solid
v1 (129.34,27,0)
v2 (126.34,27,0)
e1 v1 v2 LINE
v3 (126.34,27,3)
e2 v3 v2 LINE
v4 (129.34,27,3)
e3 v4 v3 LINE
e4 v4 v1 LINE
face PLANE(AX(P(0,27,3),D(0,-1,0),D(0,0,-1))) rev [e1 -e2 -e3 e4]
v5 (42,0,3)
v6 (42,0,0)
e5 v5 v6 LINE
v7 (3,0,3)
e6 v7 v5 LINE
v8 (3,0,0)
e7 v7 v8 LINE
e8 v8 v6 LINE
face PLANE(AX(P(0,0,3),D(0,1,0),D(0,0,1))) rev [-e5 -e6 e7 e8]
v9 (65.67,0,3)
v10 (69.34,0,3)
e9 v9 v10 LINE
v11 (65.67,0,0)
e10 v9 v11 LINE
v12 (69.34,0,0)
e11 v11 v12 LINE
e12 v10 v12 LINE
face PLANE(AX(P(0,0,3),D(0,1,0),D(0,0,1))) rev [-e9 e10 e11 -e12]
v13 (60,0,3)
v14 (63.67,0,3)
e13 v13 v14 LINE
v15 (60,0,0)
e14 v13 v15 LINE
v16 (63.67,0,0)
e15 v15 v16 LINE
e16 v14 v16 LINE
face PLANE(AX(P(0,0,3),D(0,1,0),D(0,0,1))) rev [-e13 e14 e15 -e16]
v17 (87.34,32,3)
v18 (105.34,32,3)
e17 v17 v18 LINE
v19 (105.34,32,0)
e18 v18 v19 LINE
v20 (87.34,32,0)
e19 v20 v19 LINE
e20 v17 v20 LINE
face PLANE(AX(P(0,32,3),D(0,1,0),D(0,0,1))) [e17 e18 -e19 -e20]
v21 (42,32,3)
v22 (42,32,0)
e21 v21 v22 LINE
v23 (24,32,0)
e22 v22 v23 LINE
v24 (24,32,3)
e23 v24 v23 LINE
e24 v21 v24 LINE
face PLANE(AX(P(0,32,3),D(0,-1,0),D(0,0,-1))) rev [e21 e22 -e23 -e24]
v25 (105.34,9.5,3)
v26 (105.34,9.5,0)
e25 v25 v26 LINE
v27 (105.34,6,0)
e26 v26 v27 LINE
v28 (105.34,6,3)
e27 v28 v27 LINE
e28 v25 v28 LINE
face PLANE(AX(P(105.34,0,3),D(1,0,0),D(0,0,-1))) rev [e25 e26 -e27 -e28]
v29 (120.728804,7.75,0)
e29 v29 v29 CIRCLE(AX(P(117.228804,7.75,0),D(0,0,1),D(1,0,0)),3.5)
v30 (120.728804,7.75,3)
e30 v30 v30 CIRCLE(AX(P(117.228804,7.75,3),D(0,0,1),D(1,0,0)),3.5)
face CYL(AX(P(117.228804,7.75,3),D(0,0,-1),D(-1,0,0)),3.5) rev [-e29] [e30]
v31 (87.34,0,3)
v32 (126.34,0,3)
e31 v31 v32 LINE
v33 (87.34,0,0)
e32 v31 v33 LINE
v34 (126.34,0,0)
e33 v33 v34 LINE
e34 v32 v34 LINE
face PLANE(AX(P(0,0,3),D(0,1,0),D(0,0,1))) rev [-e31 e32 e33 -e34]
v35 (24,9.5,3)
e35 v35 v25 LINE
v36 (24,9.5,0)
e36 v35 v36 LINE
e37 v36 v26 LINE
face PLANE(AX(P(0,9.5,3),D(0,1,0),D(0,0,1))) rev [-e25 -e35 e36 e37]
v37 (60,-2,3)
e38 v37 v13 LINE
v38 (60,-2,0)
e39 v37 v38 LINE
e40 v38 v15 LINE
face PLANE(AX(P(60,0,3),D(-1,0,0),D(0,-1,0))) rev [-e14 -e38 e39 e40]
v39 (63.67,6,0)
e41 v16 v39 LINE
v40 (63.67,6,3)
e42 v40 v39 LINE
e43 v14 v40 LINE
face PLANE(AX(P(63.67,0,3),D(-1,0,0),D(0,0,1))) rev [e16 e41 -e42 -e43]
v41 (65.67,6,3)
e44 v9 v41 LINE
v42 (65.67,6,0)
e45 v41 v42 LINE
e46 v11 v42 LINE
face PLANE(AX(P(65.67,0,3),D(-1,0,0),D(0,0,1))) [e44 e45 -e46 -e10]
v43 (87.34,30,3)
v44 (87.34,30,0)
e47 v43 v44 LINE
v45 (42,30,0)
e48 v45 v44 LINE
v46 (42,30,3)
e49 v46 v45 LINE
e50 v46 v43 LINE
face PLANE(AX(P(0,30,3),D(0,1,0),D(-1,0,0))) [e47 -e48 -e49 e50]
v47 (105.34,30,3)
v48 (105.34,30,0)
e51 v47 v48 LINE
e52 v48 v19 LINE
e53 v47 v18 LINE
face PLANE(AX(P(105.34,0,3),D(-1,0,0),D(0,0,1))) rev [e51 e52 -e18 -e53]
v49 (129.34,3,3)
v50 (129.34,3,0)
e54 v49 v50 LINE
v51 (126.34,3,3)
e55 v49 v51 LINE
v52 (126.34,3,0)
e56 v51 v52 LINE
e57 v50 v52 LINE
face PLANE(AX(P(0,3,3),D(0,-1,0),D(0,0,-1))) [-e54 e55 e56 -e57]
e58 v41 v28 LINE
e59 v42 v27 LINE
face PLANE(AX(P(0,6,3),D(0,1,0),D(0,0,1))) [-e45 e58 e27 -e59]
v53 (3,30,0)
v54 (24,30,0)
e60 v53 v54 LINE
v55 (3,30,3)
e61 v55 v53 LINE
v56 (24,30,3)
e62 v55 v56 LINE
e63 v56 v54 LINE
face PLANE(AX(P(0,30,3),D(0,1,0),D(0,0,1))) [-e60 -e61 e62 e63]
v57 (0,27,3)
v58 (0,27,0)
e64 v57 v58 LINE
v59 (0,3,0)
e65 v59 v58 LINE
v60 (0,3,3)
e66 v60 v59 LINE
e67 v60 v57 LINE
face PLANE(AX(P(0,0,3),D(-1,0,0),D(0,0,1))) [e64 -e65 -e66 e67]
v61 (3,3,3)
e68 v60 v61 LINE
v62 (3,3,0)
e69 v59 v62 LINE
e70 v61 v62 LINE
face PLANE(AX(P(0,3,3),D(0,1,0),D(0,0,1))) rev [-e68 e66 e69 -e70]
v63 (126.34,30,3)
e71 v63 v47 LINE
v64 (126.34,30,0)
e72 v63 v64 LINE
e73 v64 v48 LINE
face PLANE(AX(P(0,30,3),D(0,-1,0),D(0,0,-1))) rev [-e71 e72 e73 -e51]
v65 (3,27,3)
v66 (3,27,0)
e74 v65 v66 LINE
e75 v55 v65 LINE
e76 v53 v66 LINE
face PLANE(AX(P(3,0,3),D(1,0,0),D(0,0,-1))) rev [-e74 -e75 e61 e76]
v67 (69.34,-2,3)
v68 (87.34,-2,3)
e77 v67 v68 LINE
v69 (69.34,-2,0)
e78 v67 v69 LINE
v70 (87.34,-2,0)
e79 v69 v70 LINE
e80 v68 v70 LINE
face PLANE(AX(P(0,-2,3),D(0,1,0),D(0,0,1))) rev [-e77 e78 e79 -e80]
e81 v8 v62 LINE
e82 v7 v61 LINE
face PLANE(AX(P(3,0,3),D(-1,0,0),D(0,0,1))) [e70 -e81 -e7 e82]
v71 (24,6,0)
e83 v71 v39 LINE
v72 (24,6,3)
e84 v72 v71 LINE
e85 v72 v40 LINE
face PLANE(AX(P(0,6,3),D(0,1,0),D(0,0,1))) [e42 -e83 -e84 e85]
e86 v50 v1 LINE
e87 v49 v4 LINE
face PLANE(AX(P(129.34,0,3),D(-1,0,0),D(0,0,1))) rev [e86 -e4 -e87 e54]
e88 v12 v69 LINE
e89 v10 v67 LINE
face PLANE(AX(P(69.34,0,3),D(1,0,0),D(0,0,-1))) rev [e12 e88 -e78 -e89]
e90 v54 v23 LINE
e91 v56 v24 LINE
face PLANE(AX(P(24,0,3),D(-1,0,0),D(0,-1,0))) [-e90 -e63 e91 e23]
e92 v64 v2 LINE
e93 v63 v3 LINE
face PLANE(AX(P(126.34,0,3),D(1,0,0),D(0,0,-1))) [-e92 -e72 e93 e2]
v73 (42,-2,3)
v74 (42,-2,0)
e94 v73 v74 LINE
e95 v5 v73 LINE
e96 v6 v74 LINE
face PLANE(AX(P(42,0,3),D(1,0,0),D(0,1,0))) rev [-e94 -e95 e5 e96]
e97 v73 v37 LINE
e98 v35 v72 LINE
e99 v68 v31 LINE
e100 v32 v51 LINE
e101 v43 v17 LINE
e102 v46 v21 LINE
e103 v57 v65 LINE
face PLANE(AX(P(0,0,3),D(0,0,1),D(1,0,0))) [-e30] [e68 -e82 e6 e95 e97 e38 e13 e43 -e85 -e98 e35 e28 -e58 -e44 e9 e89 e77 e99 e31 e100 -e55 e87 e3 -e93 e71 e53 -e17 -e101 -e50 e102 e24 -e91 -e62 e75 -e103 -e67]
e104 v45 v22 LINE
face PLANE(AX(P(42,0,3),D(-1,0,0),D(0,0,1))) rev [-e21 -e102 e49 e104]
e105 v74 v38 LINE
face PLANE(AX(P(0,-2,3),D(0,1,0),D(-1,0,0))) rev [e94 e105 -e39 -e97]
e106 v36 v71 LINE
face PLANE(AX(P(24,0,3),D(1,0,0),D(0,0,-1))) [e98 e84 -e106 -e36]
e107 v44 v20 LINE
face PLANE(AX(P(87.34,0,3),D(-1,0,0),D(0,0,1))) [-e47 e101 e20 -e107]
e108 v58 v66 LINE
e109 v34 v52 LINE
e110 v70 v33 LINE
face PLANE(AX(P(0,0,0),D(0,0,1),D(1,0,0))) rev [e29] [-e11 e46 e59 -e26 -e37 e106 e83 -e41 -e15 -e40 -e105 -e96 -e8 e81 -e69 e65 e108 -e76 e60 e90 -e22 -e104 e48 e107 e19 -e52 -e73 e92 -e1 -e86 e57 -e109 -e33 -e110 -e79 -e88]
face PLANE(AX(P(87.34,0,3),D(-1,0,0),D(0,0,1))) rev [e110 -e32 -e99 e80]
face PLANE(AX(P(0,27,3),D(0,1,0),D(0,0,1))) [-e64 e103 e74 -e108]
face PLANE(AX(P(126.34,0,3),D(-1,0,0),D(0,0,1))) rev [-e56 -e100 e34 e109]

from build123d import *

# Parameters (mm, degrees)
SKETCH1_R           = 3.5
BOSS_EXTRUDE3_DEPTH = 3


with BuildPart() as part:
    # Sketch1 → Boss-Extrude3 (new body)
    with BuildSketch(Plane.XY):
        Polygon((3, 3), (3, 0), (42, 0), (42, -2), (60, -2), (60, 0), (63.67, 0), (63.67, 6), (24, 6), (24, 9.5), (105.34, 9.5), (105.34, 6), (65.67, 6), (65.67, 0), (69.34, 0), (69.34, -2), (87.34, -2), (87.34, 0), (126.34, 0), (126.34, 3), (129.34, 3), (129.34, 27), (126.34, 27), (126.34, 30), (105.34, 30), (105.34, 32), (87.34, 32), (87.34, 30), (42, 30), (42, 32), (24, 32), (24, 30), (3, 30), (3, 27), (0, 27), (0, 3), align=None)
        with Locations((117.228803839, 7.75)):
            Circle(SKETCH1_R, mode=Mode.SUBTRACT)
    extrude(amount=BOSS_EXTRUDE3_DEPTH)


solid = part.part
